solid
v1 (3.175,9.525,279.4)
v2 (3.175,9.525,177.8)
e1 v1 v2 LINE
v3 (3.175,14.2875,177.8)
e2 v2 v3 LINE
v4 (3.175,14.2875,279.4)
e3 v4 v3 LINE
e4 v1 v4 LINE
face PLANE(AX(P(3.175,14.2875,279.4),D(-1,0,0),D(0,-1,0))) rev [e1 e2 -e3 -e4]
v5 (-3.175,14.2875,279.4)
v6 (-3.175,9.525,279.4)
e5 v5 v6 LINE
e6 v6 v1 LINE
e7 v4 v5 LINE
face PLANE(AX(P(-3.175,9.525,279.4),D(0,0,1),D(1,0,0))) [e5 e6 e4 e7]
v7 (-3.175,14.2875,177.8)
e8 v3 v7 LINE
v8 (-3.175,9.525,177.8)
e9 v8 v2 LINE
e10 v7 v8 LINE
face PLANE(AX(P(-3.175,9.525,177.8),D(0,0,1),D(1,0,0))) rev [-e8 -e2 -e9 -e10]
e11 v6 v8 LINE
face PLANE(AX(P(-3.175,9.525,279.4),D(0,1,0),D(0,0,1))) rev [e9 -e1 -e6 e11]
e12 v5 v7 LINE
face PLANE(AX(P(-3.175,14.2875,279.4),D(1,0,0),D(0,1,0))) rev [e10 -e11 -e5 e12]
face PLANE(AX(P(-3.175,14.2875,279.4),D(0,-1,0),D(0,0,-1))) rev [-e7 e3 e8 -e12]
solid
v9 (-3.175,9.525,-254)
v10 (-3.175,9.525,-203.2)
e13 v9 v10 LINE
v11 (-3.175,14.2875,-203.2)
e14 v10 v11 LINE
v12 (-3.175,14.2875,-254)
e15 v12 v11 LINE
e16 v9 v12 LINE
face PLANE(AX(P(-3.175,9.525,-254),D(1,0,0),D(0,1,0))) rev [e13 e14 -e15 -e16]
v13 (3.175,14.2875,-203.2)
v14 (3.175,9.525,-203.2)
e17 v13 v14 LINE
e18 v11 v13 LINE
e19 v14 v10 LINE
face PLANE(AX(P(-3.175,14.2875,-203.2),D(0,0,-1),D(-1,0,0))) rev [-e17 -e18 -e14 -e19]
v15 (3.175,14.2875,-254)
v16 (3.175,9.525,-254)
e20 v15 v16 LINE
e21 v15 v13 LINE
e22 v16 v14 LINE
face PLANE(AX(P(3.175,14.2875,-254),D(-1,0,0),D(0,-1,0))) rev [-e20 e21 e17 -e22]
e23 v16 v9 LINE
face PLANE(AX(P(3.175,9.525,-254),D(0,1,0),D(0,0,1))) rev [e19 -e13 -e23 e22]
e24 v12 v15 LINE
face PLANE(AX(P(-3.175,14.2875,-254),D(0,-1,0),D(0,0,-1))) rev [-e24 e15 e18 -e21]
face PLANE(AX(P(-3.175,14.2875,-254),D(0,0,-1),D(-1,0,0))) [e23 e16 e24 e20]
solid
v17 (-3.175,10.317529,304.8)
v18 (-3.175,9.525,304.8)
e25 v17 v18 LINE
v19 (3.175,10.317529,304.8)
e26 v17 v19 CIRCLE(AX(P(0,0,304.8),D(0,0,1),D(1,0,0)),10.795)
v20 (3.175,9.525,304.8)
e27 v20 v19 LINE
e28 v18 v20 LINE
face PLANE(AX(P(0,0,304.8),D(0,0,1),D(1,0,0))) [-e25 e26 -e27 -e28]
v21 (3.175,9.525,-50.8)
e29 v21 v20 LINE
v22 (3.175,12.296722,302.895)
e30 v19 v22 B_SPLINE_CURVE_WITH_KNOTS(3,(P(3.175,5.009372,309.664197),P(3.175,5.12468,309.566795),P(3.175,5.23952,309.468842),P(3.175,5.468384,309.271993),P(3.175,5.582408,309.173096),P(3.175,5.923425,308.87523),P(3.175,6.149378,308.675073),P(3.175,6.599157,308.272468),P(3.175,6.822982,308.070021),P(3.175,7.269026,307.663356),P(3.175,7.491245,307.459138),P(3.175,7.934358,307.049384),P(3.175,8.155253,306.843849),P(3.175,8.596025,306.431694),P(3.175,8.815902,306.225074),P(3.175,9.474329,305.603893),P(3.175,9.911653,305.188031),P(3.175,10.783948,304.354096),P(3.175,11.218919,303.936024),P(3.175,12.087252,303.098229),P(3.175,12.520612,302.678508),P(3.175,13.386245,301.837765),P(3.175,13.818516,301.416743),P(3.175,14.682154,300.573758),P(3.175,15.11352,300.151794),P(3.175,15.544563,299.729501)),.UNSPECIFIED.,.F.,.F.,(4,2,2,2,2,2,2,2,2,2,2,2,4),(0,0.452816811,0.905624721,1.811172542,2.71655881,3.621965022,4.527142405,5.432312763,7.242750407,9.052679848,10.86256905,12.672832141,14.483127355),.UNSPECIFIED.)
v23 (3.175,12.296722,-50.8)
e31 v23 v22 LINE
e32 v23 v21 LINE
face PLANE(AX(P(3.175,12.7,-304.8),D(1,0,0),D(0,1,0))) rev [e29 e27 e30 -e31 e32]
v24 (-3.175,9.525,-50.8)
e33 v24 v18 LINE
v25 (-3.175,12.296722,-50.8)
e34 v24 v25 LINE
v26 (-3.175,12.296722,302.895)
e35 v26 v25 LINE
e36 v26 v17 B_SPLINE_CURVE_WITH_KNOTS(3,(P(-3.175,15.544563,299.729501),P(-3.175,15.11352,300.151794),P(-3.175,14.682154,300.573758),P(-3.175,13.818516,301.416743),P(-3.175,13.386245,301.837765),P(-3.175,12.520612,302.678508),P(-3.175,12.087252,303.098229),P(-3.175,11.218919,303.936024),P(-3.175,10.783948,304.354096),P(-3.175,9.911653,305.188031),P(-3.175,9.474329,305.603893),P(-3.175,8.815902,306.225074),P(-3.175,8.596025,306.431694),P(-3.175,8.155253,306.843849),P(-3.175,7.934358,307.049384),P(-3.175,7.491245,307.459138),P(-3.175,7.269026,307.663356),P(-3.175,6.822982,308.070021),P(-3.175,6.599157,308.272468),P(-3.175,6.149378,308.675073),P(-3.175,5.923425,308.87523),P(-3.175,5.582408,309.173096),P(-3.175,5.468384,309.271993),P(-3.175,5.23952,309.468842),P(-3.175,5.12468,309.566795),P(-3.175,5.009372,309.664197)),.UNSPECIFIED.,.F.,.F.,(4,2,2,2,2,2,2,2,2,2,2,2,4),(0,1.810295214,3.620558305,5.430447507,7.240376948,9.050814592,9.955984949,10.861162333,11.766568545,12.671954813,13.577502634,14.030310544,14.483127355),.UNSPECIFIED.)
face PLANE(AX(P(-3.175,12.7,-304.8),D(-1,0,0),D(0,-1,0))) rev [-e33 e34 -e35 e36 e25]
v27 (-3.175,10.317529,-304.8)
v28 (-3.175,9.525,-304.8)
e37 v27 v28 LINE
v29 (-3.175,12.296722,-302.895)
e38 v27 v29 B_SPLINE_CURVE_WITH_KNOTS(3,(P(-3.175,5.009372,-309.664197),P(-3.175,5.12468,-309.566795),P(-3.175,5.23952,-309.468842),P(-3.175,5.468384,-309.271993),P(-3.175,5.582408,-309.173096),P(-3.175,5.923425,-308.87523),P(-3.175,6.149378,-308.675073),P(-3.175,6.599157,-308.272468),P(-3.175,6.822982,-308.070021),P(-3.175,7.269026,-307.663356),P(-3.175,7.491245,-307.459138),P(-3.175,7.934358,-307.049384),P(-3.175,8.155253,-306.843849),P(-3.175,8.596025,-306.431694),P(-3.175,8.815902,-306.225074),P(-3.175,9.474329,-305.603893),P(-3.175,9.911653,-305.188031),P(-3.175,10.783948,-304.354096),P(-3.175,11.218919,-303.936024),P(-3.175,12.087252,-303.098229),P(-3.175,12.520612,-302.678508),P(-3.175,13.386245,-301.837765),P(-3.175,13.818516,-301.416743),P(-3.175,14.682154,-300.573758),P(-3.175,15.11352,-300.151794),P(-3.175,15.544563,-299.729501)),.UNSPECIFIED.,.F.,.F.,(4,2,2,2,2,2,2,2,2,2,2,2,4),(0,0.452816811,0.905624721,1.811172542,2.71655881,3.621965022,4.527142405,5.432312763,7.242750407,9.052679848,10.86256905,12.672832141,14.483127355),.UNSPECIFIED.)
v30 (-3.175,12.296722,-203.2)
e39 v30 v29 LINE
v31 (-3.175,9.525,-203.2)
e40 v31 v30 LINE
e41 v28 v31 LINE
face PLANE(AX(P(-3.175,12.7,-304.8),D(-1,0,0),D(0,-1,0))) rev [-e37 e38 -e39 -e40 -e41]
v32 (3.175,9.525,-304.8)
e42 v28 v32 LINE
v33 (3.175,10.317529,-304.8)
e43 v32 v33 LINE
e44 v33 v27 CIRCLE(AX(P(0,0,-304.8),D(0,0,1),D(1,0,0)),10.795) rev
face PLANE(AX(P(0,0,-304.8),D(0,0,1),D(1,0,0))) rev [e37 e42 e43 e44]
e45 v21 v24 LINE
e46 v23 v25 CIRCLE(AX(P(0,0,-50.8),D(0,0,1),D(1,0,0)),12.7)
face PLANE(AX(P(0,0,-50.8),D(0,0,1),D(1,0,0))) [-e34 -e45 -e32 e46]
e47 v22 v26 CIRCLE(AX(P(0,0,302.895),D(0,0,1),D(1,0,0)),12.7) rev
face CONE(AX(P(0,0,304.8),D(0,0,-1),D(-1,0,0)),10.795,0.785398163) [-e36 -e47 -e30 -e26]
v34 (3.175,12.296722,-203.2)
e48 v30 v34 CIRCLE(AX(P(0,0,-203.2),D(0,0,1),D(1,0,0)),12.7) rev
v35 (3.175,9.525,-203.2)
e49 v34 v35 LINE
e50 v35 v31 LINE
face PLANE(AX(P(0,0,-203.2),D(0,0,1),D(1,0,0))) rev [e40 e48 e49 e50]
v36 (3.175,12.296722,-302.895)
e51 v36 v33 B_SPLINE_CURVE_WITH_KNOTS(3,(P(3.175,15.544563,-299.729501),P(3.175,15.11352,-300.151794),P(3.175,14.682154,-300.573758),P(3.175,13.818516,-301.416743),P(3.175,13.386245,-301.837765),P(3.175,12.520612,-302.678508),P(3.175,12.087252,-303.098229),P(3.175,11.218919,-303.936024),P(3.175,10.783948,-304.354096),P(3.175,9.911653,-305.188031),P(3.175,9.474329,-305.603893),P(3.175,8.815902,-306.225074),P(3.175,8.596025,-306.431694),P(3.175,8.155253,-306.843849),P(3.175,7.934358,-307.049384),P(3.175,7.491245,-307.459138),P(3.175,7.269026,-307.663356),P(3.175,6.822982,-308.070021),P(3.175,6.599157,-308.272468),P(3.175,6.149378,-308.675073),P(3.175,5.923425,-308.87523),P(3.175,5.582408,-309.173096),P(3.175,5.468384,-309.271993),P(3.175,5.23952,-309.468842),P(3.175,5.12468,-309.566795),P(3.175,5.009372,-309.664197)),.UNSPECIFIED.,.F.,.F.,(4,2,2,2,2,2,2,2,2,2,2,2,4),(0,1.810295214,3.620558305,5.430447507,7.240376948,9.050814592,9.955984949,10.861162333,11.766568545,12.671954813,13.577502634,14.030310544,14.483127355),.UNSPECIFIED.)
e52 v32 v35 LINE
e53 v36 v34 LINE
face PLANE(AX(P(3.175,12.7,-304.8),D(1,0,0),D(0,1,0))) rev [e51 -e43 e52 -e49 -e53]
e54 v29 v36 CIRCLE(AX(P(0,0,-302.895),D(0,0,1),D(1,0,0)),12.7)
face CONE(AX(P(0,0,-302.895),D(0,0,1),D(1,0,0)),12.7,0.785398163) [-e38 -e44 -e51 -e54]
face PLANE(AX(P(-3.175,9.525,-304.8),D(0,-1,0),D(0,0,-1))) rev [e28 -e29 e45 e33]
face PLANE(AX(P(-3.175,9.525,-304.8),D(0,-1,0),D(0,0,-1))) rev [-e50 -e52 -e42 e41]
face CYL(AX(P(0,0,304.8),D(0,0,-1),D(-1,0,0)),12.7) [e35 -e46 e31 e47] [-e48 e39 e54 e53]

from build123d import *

# Parameters (mm, degrees)
SKETCH1_R           = 12.7
EXTRUDE1_DEPTH      = 304.8
CHAMFER1_SIZE       = 1.905
EXTRUDE2_DEPTH      = 306.328708116
EXTRUDE2_DEPTH_BACK = 306.328708116
SKETCH3_W           = 6.35
SKETCH3_H           = 3.175
EXTRUDE3_START      = -203.2
SKETCH1_2_R         = 12.7
EXTRUDE3_DEPTH      = 152.4
SKETCH5_W           = 6.35
SKETCH5_H           = 4.7625
EXTRUDE4_DEPTH      = 50.8
SKETCH6_W           = 6.35
SKETCH6_H           = 4.7625
EXTRUDE5_DEPTH      = 25.4


with BuildPart() as part:
    # Sketch1 → Extrude1 (new, symmetric)
    with BuildSketch(Plane.XY):
        with Locations(Location((0, 0, 0), (0, 0, 180))):
            Circle(SKETCH1_R)
    extrude(amount=EXTRUDE1_DEPTH, both=True)

    # Chamfer1
    chamfer1_edges = [part.edges().sort_by_distance(p)[0] for p in [
        (12.7, 0, -304.8),
        (12.7, 0, 304.8),
    ]]
    chamfer(chamfer1_edges, length=CHAMFER1_SIZE)

    # Sketch3 → Extrude2 (cut, two sides: drawn at the far end of the back side and taken through both)
    with BuildSketch(Plane.XY.offset(-EXTRUDE2_DEPTH_BACK)):
        with Locations((0, 11.1125)):
            Rectangle(SKETCH3_W, SKETCH3_H)
    extrude(amount=EXTRUDE2_DEPTH + EXTRUDE2_DEPTH_BACK, mode=Mode.SUBTRACT)

    # Sketch1<2> → Extrude3 (add)
    with BuildSketch(Plane.XY.offset(EXTRUDE3_START)):
        with Locations(Location((0, 0, 0), (0, 0, 104.477512186))):
            Circle(SKETCH1_2_R)
    extrude(amount=EXTRUDE3_DEPTH)


with BuildPart() as body_2:
    # Sketch5 → Extrude4 (new, symmetric)
    with BuildSketch(Plane.XY.offset(228.6)):
        with Locations((0, 11.90625)):
            Rectangle(SKETCH5_W, SKETCH5_H)
    extrude(amount=EXTRUDE4_DEPTH, both=True)


with BuildPart() as body_3:
    # Sketch6 → Extrude5 (new, symmetric)
    with BuildSketch(Plane(origin=(0, 0, -228.6), x_dir=(-1, 0, 0), z_dir=(0, 0, -1))):
        with Locations((0, 11.90625)):
            Rectangle(SKETCH6_W, SKETCH6_H)
    extrude(amount=EXTRUDE5_DEPTH, both=True)


solid = Compound([part.part, body_2.part, body_3.part])
